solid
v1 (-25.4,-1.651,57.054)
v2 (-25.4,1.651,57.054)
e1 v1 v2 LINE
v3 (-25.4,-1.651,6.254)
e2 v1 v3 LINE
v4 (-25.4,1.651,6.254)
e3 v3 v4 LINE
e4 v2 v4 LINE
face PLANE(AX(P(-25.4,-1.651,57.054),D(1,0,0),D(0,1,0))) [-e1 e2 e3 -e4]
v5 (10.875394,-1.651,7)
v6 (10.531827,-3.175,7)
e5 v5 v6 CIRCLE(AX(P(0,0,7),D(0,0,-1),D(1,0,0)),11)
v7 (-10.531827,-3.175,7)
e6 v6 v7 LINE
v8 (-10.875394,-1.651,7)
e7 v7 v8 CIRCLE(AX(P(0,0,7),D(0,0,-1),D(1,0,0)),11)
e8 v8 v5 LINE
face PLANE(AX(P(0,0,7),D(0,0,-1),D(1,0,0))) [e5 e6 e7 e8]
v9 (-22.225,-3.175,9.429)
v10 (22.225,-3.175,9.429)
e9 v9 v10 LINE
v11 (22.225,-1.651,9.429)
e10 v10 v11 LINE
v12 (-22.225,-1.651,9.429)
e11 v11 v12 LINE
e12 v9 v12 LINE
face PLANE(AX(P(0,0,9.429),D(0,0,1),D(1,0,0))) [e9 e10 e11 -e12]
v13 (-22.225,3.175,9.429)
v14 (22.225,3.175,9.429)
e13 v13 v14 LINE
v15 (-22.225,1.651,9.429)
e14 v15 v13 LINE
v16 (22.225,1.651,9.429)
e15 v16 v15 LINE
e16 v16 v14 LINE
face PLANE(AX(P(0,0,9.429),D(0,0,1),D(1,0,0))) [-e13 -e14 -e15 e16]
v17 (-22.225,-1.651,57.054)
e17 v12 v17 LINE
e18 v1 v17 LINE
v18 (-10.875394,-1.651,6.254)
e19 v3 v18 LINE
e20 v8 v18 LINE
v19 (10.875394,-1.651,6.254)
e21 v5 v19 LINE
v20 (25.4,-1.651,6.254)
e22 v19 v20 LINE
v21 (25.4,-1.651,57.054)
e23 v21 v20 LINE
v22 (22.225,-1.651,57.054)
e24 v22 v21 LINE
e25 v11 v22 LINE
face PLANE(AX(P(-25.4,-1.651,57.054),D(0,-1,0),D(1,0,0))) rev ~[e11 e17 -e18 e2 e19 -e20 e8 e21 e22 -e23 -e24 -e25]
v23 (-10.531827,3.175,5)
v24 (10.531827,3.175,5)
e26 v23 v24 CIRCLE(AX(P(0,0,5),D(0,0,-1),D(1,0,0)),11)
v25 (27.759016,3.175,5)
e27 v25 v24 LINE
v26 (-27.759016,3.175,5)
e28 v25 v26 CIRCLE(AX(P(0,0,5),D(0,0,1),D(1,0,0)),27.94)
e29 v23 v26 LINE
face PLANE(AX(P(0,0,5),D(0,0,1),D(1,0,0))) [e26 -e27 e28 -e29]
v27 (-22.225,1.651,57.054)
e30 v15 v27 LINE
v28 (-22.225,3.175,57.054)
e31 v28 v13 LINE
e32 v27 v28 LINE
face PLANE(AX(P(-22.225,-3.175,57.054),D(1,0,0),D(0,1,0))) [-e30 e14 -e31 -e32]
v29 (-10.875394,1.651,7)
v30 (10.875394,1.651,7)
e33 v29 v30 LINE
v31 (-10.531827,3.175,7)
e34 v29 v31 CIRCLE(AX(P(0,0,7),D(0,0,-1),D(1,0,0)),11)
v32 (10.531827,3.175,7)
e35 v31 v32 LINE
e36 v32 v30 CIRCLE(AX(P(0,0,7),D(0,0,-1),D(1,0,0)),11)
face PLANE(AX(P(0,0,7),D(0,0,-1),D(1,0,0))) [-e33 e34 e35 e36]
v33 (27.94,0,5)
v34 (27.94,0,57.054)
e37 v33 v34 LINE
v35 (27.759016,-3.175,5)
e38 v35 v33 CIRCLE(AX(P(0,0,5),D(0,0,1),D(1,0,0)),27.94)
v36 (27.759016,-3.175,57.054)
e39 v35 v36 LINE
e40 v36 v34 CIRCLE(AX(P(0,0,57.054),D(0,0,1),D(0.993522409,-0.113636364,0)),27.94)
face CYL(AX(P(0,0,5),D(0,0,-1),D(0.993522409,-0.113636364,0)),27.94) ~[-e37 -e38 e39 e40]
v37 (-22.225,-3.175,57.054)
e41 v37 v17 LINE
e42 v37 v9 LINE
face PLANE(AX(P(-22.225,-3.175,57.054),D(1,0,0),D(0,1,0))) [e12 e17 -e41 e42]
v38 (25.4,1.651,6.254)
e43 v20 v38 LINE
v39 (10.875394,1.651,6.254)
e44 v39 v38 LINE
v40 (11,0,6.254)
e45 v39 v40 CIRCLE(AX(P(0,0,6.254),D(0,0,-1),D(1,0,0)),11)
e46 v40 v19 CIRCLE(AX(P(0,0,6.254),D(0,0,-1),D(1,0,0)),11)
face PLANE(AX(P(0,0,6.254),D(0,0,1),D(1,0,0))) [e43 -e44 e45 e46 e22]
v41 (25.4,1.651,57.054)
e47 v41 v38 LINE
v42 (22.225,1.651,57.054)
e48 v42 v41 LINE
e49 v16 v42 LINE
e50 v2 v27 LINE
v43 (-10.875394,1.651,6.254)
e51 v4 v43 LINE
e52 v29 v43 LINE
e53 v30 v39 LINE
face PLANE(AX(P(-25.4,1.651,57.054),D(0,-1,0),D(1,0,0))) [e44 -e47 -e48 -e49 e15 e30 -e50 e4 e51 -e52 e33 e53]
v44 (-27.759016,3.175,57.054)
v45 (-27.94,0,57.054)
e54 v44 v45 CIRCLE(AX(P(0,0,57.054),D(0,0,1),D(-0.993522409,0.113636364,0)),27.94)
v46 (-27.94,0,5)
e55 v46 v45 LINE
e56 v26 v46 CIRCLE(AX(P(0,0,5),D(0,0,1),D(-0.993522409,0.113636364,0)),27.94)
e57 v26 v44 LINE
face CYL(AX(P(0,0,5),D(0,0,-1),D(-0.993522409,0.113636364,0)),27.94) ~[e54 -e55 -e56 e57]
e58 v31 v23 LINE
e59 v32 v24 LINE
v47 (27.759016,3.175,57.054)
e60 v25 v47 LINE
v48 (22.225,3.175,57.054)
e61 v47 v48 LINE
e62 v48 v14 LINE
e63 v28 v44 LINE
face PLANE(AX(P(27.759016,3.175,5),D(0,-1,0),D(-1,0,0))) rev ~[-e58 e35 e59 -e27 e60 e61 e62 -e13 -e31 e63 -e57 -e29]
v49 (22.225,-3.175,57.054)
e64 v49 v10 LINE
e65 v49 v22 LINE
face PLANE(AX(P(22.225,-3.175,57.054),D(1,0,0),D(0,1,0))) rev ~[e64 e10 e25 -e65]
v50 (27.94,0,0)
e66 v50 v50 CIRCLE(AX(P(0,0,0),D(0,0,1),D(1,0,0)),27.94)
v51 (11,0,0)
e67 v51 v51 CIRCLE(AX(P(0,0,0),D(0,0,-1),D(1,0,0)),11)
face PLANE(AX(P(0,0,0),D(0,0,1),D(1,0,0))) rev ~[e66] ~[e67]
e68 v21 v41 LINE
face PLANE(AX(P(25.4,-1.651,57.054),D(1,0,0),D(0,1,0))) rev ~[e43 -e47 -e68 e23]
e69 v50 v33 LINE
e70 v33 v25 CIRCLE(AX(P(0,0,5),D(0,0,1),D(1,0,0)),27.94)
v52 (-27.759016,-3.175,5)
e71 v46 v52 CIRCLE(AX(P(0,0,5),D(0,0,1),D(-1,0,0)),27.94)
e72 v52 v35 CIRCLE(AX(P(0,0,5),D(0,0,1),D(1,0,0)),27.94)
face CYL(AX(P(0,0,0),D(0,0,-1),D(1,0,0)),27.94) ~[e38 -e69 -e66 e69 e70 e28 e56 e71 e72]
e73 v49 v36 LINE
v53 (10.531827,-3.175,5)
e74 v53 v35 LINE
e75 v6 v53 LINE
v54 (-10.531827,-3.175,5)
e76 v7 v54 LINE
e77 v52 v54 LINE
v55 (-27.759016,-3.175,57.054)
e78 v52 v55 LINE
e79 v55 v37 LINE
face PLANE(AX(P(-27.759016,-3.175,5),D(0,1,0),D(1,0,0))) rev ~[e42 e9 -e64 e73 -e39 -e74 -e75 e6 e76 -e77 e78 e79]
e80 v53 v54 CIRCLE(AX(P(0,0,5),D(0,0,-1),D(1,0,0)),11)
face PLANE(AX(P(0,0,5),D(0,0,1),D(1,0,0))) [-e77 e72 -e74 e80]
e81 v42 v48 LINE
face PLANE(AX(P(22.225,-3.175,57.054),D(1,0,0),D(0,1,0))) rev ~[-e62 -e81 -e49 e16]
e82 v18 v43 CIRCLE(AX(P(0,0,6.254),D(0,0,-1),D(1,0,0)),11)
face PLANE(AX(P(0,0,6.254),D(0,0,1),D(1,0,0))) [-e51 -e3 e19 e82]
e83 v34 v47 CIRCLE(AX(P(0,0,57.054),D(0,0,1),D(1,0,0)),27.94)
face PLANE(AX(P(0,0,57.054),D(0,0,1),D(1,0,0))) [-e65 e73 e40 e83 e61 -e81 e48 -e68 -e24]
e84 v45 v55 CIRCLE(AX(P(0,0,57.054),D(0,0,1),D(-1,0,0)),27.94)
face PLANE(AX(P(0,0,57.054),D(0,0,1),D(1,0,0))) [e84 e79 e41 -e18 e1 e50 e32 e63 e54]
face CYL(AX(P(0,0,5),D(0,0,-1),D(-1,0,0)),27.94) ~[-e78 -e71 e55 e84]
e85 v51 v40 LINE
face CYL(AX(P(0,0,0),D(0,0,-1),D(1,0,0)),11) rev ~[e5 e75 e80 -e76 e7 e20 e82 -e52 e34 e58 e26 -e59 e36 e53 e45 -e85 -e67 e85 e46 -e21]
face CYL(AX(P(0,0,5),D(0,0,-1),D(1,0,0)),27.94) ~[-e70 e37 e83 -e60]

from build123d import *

# Parameters (mm, degrees)
F0_R     = 27.94
F1_DEPTH = 5
F3_DEPTH = 52.054
F4_W     = 50.8
F4_H     = 3.302
F5_DEPTH = 50.8
F6_W     = 44.45
F6_H     = 6.35
F7_DEPTH = 47.625
F8_R     = 11
F9_DEPTH = 7


with BuildPart() as f1:
    # F0 (on Top) → F1 (new body)
    with BuildSketch(Plane.XY):
        Circle(F0_R)
    extrude(amount=F1_DEPTH)

    # F2 (on face) → F3 (join)
    with BuildSketch(Plane.XY.offset(5)):
        with BuildLine():
            ThreePointArc((27.94, 0), (27.8947173307, 1.5900770556), (27.7590161029, 3.175))
            Line((27.7590161029, 3.175), (-27.7590161029, 3.175))
            ThreePointArc((-27.7590161029, 3.175), (-27.8947173307, 1.5900770556), (-27.94, 0))
            ThreePointArc((-27.94, 0), (-27.8947173307, -1.5900770556), (-27.7590161029, -3.175))
            Line((-27.7590161029, -3.175), (27.7590161029, -3.175))
            ThreePointArc((27.7590161029, -3.175), (27.8947173307, -1.5900770556), (27.94, 0))
        make_face()
    extrude(amount=F3_DEPTH)

    # F4 (on face) → F5 (cut)
    with BuildSketch(Plane.XY.offset(57.054)):
        Rectangle(F4_W, F4_H)
    extrude(amount=-F5_DEPTH, mode=Mode.SUBTRACT)

    # F6 (on face) → F7 (cut)
    with BuildSketch(Plane.XY.offset(57.054)):
        Rectangle(F6_W, F6_H)
    extrude(amount=-F7_DEPTH, mode=Mode.SUBTRACT)

    # F8 (on face) → F9 (cut)
    with BuildSketch(Plane(origin=(0, 0, 0), x_dir=(1, 0, 0), z_dir=(0, 0, -1))):
        Circle(F8_R)
    extrude(amount=-F9_DEPTH, mode=Mode.SUBTRACT)


solid = f1.part
